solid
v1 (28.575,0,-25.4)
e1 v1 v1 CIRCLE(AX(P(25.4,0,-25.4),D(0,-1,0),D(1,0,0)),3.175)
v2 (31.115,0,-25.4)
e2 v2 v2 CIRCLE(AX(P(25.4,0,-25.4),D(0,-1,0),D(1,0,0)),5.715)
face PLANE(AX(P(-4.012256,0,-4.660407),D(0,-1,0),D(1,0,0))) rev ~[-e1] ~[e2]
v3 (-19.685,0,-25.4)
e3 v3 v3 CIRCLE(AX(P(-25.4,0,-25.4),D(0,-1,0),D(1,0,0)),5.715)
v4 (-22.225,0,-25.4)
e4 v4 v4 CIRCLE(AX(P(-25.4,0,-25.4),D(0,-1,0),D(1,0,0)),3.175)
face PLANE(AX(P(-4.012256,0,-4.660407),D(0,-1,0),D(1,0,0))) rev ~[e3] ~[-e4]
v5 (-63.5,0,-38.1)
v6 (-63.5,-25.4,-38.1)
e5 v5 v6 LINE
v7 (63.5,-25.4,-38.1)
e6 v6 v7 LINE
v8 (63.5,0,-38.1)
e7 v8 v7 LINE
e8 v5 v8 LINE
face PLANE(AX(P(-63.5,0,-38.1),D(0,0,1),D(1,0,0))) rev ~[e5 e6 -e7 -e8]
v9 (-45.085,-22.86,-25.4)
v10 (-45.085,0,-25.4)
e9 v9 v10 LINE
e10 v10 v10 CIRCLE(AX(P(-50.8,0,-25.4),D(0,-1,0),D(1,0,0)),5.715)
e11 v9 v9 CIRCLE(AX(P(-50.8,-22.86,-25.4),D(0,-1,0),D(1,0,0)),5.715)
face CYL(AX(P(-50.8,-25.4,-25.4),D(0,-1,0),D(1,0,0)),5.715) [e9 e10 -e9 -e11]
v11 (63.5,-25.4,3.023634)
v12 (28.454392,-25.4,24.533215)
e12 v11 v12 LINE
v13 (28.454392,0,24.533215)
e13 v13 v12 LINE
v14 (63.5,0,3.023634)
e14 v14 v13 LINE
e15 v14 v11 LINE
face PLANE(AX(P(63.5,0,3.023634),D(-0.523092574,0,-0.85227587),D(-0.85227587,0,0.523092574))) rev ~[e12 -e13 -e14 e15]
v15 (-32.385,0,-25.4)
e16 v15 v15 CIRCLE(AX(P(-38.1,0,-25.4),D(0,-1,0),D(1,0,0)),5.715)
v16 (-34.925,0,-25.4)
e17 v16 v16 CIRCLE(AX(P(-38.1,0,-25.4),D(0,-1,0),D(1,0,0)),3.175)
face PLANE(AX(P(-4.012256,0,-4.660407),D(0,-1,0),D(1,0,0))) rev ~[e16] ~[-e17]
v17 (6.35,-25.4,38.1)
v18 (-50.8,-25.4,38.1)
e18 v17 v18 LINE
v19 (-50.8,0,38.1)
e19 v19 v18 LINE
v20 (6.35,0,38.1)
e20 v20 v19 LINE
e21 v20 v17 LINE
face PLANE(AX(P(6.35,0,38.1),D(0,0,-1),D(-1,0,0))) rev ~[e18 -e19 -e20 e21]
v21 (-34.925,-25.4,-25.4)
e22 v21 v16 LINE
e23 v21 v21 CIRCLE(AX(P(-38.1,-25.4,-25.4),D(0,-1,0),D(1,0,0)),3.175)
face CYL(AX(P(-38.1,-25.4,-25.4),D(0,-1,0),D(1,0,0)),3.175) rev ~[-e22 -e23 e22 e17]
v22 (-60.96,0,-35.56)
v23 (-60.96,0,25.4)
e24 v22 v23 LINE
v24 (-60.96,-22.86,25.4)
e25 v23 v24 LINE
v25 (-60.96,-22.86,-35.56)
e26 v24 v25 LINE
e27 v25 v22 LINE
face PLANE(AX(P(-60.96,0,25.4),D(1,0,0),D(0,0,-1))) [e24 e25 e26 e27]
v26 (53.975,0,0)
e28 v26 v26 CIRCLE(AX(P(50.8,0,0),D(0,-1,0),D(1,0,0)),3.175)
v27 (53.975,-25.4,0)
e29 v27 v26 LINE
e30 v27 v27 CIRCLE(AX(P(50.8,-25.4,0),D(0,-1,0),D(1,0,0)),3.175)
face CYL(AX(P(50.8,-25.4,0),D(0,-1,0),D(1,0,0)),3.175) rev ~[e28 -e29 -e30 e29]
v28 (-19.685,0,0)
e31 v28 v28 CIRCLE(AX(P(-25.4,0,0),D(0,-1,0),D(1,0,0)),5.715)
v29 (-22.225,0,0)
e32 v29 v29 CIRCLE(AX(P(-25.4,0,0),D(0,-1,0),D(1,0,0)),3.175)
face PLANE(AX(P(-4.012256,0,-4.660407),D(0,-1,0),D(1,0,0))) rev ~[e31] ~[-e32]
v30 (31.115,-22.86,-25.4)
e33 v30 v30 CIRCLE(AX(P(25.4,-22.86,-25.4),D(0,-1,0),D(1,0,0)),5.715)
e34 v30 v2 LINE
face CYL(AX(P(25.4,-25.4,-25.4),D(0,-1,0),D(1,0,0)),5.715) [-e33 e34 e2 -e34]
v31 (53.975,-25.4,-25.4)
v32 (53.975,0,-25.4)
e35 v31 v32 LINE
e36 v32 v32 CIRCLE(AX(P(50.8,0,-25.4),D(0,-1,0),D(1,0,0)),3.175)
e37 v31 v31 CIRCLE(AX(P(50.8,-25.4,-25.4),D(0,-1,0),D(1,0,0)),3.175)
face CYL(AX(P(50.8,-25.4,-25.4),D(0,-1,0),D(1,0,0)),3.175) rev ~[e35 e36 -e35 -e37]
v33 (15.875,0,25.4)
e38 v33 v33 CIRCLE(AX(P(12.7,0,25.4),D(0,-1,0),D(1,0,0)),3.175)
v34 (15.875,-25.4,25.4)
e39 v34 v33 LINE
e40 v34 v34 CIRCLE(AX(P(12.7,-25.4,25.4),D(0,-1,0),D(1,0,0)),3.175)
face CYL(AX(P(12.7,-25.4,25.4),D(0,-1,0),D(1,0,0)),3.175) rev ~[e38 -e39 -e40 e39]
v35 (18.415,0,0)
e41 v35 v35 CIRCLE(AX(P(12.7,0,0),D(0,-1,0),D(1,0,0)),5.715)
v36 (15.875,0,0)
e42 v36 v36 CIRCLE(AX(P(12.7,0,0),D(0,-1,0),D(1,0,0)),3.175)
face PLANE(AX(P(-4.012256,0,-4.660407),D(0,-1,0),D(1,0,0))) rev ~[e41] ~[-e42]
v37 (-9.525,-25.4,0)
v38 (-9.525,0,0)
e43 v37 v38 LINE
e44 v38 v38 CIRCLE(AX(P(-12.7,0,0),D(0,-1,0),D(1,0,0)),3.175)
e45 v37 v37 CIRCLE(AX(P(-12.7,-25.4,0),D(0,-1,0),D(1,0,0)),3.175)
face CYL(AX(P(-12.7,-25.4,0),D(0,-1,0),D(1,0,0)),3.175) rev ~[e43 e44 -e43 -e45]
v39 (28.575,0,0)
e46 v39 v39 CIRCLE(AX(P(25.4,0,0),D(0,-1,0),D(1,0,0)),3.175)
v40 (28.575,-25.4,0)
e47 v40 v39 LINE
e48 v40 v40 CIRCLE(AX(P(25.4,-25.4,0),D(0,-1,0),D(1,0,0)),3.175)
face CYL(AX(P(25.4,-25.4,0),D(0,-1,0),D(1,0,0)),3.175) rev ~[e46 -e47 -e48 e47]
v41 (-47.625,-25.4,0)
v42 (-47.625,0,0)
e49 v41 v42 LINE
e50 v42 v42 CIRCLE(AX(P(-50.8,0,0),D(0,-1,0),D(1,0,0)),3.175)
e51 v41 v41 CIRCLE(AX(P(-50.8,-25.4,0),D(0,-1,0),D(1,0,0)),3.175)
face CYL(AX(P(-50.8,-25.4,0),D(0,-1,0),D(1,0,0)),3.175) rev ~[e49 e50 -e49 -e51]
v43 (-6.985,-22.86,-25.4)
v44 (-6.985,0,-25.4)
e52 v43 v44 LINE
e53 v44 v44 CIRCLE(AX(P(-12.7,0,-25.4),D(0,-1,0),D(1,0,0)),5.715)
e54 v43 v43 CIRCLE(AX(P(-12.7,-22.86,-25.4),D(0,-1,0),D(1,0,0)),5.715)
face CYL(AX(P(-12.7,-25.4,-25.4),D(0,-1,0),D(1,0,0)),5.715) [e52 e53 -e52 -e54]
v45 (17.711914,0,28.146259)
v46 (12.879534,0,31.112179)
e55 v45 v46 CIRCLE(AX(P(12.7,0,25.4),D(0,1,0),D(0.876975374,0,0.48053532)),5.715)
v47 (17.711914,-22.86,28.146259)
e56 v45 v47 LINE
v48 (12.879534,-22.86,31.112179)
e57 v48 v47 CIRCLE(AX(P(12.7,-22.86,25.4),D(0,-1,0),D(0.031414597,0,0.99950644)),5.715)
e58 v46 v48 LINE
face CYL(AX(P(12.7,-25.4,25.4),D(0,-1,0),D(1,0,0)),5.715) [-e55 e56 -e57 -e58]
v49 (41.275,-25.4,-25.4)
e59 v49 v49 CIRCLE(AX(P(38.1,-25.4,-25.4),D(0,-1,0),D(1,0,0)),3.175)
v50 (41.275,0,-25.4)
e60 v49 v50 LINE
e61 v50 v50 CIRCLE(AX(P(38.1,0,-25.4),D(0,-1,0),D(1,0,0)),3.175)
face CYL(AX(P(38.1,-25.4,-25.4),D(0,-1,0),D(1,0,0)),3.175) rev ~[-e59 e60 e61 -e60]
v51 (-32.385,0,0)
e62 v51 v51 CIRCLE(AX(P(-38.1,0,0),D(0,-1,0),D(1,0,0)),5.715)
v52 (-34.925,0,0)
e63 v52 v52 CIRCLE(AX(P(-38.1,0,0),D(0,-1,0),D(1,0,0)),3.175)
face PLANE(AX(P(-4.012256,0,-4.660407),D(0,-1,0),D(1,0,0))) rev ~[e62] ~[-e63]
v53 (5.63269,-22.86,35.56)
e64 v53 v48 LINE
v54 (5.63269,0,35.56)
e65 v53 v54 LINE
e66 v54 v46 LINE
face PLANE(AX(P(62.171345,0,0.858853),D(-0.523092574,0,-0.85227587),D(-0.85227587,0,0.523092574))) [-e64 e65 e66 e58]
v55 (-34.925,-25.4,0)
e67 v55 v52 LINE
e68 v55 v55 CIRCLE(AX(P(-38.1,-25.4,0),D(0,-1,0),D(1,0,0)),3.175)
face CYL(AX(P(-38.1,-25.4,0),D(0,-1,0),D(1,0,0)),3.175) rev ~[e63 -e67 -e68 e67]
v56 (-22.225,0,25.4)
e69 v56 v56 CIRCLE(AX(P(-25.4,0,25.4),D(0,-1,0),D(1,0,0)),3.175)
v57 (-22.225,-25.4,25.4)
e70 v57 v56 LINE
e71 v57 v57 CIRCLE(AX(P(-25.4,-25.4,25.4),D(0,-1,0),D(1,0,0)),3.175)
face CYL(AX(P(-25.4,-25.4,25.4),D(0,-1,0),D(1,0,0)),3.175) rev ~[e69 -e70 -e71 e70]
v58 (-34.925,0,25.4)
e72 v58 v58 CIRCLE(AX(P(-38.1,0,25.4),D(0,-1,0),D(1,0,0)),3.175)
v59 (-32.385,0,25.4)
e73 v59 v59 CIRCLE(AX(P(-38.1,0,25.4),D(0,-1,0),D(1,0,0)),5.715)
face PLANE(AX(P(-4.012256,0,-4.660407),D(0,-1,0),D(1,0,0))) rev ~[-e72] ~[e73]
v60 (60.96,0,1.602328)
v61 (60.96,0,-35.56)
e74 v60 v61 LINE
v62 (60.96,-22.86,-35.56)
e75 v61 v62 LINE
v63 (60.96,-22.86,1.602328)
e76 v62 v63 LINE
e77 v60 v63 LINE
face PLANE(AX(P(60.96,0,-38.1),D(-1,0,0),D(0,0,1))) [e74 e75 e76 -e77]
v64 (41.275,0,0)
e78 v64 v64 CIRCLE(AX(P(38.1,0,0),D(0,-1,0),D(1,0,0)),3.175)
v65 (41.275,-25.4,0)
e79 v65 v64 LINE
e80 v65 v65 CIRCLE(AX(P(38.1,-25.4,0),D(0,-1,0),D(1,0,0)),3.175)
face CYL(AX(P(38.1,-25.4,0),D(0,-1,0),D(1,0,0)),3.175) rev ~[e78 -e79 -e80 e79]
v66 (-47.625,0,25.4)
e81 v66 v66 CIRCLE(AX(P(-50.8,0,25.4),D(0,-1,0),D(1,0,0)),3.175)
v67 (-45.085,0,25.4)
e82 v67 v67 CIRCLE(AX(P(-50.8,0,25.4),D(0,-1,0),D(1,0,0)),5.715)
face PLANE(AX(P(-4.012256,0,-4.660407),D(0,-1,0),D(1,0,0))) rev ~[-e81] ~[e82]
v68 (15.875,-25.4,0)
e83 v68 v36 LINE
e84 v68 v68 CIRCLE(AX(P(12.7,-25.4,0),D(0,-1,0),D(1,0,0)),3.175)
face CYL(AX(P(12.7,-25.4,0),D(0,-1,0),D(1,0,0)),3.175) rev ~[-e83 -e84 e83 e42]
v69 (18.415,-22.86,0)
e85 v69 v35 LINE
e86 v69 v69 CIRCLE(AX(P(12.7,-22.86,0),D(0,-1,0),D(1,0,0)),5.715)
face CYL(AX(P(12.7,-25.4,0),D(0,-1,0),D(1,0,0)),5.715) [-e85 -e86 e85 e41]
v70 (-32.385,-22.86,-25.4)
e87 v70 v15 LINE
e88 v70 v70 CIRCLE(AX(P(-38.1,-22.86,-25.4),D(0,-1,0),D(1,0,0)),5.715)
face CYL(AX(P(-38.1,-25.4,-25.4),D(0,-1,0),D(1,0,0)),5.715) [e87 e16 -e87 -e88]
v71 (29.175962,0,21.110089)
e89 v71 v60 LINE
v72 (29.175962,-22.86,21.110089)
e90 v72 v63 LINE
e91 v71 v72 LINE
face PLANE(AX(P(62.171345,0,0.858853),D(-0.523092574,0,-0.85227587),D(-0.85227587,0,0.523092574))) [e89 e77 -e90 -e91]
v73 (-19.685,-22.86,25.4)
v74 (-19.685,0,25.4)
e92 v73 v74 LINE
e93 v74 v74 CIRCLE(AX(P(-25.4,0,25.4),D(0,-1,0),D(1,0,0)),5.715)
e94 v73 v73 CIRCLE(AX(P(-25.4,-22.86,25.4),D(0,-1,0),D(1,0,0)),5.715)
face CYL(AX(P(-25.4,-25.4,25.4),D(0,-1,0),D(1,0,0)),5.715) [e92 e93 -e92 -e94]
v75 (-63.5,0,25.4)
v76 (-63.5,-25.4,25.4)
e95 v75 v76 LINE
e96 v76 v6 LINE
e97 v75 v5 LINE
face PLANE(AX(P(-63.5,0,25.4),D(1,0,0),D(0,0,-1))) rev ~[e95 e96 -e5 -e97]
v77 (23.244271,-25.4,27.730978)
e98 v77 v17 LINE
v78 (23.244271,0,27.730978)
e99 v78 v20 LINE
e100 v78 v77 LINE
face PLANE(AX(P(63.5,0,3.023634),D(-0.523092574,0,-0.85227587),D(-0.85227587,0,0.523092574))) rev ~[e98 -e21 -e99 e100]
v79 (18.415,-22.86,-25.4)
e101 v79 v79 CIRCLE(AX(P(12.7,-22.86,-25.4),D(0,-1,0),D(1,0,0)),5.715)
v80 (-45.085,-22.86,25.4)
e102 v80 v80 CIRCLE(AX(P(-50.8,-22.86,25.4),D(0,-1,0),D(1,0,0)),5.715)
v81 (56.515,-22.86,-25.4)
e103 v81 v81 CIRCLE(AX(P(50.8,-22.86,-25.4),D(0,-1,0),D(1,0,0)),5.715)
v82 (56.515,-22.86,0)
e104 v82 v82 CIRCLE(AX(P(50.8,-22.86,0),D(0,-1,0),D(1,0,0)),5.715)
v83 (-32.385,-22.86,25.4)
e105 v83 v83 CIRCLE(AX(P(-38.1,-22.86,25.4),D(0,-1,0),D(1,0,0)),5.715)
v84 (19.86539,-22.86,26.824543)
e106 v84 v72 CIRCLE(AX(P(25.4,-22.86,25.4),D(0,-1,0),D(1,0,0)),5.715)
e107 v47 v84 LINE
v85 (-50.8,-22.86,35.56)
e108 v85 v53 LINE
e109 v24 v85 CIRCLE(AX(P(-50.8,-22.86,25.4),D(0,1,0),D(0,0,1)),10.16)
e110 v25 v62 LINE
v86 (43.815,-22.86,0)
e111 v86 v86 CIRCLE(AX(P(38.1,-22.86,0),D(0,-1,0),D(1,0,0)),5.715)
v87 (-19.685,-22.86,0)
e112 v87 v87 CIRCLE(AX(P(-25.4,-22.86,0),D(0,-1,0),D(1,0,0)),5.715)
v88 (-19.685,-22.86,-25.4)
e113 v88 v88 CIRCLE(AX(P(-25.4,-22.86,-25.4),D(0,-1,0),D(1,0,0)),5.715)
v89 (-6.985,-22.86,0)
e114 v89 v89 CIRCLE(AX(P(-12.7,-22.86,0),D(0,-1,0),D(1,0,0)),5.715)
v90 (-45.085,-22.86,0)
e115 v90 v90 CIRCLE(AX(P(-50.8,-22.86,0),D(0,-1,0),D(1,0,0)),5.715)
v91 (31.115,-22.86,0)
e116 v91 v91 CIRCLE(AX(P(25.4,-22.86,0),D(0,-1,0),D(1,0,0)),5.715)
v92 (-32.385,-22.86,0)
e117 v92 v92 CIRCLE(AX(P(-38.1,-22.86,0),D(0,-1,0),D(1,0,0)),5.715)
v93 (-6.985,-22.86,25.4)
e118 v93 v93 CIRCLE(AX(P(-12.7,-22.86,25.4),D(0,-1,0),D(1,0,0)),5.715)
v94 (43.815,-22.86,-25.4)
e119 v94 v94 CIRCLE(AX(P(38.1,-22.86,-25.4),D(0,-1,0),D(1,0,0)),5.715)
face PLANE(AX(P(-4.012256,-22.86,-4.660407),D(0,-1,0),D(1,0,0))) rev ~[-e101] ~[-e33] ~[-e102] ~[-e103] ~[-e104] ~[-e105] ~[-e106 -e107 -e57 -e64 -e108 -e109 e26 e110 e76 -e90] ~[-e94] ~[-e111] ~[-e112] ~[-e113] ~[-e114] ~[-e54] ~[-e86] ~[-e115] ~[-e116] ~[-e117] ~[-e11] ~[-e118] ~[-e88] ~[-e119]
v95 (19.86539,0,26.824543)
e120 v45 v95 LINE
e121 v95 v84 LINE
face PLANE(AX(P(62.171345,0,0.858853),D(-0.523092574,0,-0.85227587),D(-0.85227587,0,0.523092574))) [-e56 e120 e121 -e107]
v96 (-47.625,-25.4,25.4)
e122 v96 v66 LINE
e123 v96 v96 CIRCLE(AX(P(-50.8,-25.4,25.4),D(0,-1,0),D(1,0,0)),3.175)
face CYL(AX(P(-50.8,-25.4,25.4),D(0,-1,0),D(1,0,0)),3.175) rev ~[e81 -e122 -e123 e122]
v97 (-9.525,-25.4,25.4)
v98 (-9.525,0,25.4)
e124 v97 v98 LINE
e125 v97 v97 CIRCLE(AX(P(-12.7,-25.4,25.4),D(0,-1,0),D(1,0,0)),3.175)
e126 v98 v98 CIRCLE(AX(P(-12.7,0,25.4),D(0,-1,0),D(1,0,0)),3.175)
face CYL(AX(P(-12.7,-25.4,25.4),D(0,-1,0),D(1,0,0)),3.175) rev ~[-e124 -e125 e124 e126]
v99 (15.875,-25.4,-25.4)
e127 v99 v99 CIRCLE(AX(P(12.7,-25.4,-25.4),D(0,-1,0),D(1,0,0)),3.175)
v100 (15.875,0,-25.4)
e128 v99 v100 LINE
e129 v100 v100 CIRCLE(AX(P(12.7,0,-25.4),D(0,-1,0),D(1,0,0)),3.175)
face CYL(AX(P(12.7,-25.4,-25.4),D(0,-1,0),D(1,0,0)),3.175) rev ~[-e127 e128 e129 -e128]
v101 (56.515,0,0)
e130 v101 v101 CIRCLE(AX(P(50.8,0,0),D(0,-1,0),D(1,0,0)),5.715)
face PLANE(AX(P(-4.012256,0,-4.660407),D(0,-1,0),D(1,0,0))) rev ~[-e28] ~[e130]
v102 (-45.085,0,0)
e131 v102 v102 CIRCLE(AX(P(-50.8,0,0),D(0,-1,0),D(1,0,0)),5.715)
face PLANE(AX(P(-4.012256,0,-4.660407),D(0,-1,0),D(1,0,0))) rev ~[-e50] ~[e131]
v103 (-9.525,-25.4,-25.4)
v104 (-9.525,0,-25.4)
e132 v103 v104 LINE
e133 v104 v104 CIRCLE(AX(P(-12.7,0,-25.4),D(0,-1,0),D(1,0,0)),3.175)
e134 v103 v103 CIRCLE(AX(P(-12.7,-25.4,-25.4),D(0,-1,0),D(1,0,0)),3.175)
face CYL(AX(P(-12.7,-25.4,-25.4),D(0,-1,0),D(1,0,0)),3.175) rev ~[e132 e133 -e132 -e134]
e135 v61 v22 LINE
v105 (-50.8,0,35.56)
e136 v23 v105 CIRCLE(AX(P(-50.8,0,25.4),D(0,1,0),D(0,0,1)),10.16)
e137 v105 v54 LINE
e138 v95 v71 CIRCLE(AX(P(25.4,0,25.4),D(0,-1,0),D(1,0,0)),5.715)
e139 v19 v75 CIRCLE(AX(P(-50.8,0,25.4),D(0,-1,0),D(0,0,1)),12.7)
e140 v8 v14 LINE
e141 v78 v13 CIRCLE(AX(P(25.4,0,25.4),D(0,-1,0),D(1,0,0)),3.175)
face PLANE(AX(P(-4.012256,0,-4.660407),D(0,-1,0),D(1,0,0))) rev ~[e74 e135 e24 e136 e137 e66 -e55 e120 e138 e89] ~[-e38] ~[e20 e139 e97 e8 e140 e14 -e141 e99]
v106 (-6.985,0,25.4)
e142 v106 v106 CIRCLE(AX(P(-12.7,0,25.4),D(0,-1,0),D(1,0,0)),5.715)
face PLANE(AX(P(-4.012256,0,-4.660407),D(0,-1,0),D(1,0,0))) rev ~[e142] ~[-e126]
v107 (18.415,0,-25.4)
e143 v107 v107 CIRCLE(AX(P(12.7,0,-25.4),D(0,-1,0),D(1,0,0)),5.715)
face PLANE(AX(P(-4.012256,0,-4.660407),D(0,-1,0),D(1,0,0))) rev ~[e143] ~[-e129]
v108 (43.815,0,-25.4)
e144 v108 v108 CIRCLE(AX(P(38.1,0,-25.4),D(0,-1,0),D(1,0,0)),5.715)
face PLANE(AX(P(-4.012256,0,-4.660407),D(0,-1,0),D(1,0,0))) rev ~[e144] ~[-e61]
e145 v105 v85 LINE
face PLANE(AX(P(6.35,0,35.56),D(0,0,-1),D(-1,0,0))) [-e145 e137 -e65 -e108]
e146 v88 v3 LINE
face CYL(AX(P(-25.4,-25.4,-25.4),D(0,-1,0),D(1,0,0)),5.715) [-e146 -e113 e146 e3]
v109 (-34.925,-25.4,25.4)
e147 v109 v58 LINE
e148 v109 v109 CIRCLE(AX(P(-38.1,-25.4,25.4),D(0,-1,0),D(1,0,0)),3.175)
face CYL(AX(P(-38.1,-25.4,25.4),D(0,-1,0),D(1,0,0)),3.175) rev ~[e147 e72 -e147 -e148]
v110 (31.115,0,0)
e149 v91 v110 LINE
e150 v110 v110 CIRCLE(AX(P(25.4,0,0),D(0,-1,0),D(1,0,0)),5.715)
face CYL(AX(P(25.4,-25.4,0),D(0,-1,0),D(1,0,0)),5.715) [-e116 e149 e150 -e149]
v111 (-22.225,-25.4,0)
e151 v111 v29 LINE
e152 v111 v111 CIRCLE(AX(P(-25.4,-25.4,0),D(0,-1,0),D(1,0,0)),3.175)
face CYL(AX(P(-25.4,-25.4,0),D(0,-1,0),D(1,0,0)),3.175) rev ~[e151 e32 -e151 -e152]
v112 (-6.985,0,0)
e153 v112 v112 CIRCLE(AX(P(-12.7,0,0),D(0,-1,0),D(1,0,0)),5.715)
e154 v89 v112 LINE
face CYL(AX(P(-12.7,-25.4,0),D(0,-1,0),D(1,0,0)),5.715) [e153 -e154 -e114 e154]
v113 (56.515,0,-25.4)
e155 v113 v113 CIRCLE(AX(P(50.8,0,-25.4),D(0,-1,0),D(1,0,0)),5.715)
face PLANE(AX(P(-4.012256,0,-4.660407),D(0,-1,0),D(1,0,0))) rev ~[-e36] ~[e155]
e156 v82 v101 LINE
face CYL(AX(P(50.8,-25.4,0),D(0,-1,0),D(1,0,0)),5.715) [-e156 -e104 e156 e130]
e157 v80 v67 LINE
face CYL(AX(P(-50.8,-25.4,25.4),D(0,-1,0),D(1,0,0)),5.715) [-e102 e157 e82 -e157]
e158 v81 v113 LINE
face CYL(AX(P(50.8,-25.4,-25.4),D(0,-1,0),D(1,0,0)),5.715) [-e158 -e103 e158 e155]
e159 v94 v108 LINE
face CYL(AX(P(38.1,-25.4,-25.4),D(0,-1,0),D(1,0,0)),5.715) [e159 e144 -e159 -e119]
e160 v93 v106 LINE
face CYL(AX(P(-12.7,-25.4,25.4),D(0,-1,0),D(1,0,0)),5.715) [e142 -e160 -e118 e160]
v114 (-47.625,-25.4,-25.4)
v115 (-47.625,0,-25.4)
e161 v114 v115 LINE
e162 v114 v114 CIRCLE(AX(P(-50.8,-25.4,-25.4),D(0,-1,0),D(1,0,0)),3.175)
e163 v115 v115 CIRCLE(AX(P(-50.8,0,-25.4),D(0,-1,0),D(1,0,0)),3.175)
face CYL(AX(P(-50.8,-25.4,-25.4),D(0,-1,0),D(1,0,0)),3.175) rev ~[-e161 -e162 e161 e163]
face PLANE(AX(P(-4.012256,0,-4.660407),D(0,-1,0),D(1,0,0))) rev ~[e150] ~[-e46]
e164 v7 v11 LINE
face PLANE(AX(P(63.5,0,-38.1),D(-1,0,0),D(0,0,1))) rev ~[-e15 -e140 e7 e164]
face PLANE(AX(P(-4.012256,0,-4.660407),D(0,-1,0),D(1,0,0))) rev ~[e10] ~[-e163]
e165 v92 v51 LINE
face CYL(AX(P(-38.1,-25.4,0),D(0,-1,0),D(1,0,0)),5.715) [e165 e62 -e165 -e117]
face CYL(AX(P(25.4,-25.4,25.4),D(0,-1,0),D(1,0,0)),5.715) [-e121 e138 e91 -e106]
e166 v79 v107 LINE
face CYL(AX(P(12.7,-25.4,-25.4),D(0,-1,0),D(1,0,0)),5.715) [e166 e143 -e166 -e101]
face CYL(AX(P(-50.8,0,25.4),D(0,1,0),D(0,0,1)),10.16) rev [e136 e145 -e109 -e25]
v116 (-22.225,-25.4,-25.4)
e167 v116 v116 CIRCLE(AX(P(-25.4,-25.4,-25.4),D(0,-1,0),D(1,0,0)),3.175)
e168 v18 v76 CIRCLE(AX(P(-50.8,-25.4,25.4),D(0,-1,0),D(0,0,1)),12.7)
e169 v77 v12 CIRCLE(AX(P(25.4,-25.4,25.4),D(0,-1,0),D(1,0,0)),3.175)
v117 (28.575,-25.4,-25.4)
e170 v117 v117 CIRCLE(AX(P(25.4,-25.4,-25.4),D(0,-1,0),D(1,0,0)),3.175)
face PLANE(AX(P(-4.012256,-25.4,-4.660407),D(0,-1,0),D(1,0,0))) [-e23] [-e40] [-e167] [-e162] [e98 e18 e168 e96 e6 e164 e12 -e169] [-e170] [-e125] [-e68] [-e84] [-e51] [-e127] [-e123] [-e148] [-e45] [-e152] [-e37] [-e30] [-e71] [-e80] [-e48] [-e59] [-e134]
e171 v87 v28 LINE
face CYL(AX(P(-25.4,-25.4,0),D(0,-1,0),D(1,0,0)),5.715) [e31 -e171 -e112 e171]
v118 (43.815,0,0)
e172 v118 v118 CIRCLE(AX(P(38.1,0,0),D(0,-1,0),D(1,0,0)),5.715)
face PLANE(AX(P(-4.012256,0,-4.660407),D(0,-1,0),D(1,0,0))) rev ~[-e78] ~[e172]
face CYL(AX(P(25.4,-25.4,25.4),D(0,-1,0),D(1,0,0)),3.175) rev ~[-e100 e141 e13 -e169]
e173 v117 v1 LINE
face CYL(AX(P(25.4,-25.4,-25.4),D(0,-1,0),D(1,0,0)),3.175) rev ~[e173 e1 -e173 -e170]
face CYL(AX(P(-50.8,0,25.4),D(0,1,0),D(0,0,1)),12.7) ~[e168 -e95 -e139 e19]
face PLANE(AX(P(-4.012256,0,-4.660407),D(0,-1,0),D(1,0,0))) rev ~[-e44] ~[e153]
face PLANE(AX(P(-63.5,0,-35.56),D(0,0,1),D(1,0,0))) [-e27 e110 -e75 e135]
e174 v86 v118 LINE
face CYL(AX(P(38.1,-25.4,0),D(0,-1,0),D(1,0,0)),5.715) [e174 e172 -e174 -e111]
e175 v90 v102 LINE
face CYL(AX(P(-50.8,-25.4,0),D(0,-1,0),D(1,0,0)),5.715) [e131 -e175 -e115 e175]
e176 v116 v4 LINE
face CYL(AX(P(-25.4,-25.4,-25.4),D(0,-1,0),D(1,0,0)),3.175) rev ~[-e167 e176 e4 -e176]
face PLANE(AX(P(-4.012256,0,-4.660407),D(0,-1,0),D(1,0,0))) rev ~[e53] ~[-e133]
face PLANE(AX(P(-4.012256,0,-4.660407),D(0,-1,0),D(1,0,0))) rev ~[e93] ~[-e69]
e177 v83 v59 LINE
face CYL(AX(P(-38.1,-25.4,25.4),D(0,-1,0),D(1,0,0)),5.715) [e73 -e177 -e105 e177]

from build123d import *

# Parameters (mm, degrees)
F1_DEPTH = 25.4
F2_R     = 3.175
F3_DEPTH = 25.4
F4_T     = -2.54


with BuildPart() as f1:
    # F0 (on Front) → F1 (new body)
    with BuildSketch(Plane.XZ):
        with BuildLine():
            Line((-63.5, -38.1), (63.5, -38.1))
            Line((63.5, -38.1), (63.5, 3.0236337334))
            Line((63.5, 3.0236337334), (6.35, 38.1))
            Line((6.35, 38.1), (-50.8, 38.1))
            ThreePointArc((-50.8, 38.1), (-59.7802561211, 34.3802561211), (-63.5, 25.4))
            Line((-63.5, 25.4), (-63.5, -38.1))
        make_face()
    extrude(amount=F1_DEPTH)

    # F2 (on face) → F3 (cut)
    with BuildSketch(Plane.XZ.offset(25.4)):
        with Locations((-50.8, 25.4)):
            Circle(F2_R)
        with Locations((-50.8, 0)):
            Circle(F2_R)
        with Locations((-50.8, -25.4)):
            Circle(F2_R)
        with Locations((-38.1, 25.4)):
            Circle(F2_R)
        with Locations((-38.1, 0)):
            Circle(F2_R)
        with Locations((-38.1, -25.4)):
            Circle(F2_R)
        with Locations((-25.4, 25.4)):
            Circle(F2_R)
        with Locations((-25.4, 0)):
            Circle(F2_R)
        with Locations((-25.4, -25.4)):
            Circle(F2_R)
        with Locations((-12.7, 25.4)):
            Circle(F2_R)
        with Locations((-12.7, 0)):
            Circle(F2_R)
        with Locations((-12.7, -25.4)):
            Circle(F2_R)
        with Locations((25.4, 0)):
            Circle(F2_R)
        with Locations((50.8, -25.4)):
            Circle(F2_R)
        with Locations((38.1, -25.4)):
            Circle(F2_R)
        with Locations((12.7, 0)):
            Circle(F2_R)
        with Locations((50.8, 25.4)):
            Circle(F2_R)
        with Locations((38.1, 25.4)):
            Circle(F2_R)
        with Locations((25.4, 25.4)):
            Circle(F2_R)
        with Locations((12.7, 25.4)):
            Circle(F2_R)
        with Locations((38.1, 0)):
            Circle(F2_R)
        with Locations((50.8, 0)):
            Circle(F2_R)
        with Locations((25.4, -25.4)):
            Circle(F2_R)
        with Locations((12.7, -25.4)):
            Circle(F2_R)
    extrude(amount=-F3_DEPTH, mode=Mode.SUBTRACT)

    # F4
    f4_openings = [f1.faces().sort_by_distance(p)[0] for p in [
        (-4.94859, 0, -3.243441),
    ]]
    offset(amount=F4_T, openings=f4_openings, kind=Kind.INTERSECTION)


solid = f1.part
